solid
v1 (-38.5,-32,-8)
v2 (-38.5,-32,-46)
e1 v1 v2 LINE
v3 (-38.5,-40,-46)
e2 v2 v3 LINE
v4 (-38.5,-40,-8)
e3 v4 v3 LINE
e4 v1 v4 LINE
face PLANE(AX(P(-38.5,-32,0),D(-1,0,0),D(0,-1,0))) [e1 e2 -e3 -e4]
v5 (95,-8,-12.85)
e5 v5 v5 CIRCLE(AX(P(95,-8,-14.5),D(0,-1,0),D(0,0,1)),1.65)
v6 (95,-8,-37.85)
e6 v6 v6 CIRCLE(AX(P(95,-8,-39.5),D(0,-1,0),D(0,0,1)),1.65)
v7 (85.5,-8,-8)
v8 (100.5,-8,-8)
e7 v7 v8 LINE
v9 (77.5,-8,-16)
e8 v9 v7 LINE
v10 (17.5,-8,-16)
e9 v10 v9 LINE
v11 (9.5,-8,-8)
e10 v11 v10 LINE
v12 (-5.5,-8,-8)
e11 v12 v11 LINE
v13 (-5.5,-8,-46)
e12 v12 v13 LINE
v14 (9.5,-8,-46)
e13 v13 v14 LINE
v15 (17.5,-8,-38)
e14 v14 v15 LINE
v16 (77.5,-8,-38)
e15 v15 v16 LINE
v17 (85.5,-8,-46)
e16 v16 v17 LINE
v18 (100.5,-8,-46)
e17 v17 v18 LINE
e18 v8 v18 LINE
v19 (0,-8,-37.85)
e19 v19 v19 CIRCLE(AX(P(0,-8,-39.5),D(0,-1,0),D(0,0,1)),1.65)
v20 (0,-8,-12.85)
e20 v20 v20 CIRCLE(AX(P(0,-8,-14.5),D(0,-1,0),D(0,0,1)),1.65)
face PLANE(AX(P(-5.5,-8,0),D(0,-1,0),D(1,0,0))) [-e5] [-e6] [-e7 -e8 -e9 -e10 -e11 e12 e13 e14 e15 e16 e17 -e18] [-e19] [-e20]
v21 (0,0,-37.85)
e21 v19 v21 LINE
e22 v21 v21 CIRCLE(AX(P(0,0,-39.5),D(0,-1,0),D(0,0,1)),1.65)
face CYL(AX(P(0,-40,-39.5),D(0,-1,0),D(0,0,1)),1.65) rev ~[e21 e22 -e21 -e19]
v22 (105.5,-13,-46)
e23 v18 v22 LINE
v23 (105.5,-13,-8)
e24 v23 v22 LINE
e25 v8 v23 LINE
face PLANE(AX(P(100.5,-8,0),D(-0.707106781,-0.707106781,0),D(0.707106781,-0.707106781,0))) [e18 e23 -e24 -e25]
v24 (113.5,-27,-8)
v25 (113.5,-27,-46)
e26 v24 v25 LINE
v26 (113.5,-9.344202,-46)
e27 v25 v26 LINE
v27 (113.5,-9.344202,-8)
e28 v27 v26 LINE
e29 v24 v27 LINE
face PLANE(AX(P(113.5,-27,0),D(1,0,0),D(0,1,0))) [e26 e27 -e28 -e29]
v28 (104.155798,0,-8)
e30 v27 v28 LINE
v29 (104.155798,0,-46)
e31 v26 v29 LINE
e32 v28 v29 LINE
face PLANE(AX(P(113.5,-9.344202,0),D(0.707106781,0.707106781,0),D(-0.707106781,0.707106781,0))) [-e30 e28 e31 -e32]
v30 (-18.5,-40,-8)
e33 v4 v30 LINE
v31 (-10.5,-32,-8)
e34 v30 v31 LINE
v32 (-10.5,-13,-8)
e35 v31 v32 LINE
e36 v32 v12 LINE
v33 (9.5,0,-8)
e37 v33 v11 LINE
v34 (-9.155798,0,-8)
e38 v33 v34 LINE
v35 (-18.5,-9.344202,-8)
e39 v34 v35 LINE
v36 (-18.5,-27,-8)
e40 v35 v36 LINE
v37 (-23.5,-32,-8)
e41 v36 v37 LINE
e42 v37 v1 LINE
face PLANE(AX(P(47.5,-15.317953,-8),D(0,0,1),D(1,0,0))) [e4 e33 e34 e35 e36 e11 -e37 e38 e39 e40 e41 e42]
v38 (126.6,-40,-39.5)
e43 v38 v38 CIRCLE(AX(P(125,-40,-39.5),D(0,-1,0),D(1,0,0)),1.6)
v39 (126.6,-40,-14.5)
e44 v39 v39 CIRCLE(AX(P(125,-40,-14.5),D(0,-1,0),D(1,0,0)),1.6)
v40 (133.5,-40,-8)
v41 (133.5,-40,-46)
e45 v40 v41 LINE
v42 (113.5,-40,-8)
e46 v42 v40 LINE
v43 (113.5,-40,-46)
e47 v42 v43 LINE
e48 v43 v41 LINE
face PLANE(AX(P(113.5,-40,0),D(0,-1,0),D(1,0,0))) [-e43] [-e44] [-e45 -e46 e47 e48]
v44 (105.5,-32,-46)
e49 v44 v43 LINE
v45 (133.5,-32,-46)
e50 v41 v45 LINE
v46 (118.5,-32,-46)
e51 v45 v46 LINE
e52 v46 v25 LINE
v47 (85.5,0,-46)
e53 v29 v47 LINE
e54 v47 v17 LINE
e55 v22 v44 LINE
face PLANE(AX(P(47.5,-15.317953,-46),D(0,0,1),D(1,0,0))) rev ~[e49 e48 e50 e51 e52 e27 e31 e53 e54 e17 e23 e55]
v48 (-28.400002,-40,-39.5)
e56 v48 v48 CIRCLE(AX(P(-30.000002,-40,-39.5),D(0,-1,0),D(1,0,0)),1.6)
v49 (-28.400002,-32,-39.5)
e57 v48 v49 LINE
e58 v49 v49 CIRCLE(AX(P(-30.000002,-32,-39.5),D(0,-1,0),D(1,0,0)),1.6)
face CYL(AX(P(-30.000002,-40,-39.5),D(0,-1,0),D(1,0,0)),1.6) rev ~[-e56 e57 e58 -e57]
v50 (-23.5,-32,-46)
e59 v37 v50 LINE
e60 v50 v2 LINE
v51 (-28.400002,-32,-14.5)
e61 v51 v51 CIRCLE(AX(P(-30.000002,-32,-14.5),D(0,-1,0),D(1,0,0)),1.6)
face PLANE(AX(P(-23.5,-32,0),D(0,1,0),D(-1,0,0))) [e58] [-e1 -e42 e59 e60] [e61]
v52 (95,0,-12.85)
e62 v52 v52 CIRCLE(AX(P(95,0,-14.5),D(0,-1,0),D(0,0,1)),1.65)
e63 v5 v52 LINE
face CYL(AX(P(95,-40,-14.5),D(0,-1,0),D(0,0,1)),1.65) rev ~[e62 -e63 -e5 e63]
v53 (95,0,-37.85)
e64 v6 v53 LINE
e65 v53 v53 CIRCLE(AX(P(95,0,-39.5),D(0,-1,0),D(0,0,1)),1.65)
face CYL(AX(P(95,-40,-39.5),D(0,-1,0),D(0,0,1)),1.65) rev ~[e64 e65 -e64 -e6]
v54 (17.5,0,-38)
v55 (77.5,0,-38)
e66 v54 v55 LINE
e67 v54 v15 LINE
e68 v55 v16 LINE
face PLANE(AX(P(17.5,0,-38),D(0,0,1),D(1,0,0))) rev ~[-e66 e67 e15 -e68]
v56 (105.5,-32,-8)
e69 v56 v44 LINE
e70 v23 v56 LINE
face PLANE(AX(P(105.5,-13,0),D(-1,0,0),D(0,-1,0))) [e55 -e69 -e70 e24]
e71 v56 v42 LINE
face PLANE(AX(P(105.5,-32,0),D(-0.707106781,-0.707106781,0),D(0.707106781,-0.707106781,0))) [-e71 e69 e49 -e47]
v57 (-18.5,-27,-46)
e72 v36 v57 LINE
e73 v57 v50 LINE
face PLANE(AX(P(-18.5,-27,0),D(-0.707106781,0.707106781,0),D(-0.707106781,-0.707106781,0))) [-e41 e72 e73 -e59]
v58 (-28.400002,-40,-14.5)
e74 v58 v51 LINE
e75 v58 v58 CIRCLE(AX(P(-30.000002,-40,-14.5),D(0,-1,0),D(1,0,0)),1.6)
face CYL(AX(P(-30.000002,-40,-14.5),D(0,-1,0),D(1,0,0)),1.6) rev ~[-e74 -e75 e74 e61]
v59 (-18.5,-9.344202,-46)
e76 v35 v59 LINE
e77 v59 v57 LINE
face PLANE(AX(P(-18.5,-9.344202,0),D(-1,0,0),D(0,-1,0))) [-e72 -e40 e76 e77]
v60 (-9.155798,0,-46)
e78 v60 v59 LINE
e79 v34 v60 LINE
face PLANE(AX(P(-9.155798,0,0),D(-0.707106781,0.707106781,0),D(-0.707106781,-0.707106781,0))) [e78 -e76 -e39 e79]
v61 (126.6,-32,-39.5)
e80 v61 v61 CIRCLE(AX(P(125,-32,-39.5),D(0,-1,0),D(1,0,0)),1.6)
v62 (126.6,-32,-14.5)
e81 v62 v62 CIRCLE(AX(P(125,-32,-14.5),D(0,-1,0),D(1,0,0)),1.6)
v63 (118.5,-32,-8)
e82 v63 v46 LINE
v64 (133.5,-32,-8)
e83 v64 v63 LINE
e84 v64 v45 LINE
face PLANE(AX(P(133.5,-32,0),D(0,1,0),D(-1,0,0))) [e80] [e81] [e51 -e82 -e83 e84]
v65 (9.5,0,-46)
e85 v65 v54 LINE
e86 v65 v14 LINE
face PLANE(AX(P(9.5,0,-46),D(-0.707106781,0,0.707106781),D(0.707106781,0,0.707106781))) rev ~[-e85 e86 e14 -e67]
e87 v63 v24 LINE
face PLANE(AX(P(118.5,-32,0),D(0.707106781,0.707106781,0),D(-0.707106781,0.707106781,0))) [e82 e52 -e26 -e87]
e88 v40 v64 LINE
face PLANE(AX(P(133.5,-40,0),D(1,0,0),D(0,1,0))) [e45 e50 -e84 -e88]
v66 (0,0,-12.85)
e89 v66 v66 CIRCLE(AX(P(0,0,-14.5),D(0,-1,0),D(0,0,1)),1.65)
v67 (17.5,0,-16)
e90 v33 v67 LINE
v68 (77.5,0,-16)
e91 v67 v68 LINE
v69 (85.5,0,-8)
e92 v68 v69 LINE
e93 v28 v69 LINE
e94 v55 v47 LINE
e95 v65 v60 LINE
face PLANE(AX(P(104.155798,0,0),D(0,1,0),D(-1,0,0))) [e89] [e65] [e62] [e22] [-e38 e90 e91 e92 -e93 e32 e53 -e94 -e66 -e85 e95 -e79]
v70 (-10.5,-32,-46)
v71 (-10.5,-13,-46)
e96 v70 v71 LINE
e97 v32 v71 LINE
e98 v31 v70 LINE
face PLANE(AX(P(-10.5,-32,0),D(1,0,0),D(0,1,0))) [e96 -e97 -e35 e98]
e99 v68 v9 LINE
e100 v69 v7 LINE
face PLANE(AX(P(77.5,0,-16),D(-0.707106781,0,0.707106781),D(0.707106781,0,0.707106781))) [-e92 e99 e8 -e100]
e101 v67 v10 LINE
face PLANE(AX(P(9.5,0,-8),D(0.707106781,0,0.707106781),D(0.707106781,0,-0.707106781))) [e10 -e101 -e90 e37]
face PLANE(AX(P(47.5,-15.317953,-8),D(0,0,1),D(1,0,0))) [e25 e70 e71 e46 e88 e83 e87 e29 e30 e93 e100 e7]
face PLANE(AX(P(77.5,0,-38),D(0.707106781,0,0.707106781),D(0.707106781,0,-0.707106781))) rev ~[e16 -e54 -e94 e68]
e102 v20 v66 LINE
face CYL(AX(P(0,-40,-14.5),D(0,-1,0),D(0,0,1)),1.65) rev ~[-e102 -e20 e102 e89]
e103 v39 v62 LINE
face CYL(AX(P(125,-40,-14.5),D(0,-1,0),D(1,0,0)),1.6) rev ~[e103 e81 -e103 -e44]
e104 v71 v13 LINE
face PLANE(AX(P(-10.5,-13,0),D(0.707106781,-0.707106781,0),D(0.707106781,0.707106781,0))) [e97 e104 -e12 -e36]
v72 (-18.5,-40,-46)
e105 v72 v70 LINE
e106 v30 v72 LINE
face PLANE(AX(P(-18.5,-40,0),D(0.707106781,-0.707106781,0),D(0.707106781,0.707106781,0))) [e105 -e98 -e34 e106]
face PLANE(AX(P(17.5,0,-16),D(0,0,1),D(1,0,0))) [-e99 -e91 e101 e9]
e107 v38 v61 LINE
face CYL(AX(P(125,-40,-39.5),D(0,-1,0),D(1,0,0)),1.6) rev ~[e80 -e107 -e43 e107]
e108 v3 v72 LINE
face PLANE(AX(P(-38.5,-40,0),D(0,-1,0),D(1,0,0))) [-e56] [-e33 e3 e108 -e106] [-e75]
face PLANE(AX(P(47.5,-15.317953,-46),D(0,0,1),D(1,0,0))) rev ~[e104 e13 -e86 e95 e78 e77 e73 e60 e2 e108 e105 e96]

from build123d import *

# Parameters (mm, degrees)
EXTRUDE1_DEPTH     = 46
SKETCH2_R          = 1.6
CUT_EXTRUDE1_DEPTH = 5000
EXTRUDE2_DEPTH     = 8
EXTRUDE3_DEPTH     = 8


with BuildPart() as part:
    # Sketch1 → Extrude1 (new body)
    with BuildSketch(Plane.XY):
        Polygon((-38.5, -40), (-18.5, -40), (-10.5, -32), (-10.5, -13), (-5.5, -8), (100.5, -8), (105.5, -13), (105.5, -32), (113.5, -40), (133.5, -40), (133.5, -32), (118.5, -32), (113.5, -27), (113.5, -9.344202483), (104.155797517, 0), (-9.155797517, 0), (-18.5, -9.344202483), (-18.5, -27), (-23.5, -32), (-38.5, -32), align=None)
    extrude(amount=-EXTRUDE1_DEPTH)

    # Sketch2 → Cut-Extrude1 (cut)
    with BuildSketch(Plane.XZ.offset(40)):
        with Locations((-30.000001952, -14.5)):
            Circle(SKETCH2_R)
        with Locations((-30.000001952, -39.5)):
            Circle(SKETCH2_R)
        with Locations((125, -14.5)):
            Circle(SKETCH2_R)
        with Locations((125, -39.5)):
            Circle(SKETCH2_R)
        with BuildLine():
            ThreePointArc((0, -16.15), (1.65, -14.5), (0, -12.85))
            ThreePointArc((0, -12.85), (-1.65, -14.5), (0, -16.15))
        make_face()
        with BuildLine():
            ThreePointArc((0, -41.15), (1.65, -39.5), (0, -37.85))
            ThreePointArc((0, -37.85), (-1.65, -39.5), (0, -41.15))
        make_face()
        with BuildLine():
            ThreePointArc((95, -16.15), (96.65, -14.5), (95, -12.85))
            ThreePointArc((95, -12.85), (93.35, -14.5), (95, -16.15))
        make_face()
        with BuildLine():
            ThreePointArc((95, -41.15), (96.65, -39.5), (95, -37.85))
            ThreePointArc((95, -37.85), (93.35, -39.5), (95, -41.15))
        make_face()
    extrude(amount=-CUT_EXTRUDE1_DEPTH, mode=Mode.SUBTRACT)

    # Sketch3 → Extrude2 (cut)
    with BuildSketch(Plane.XY):
        Polygon((-38.5, -32), (-38.5, -40), (-18.5, -40), (-10.5, -32), (-10.5, -13), (-5.5, -8), (100.5, -8), (105.5, -13), (105.5, -32), (113.5, -40), (133.5, -40), (133.5, -32), (118.5, -32), (113.5, -27), (113.5, -9.344202483), (104.155797517, 0), (-9.155797517, 0), (-18.5, -9.344202483), (-18.5, -27), (-23.5, -32), align=None)
    extrude(amount=-EXTRUDE2_DEPTH, mode=Mode.SUBTRACT)

    # Sketch4 → Extrude3 (cut)
    with BuildSketch(Plane(origin=(0, 0, 0), x_dir=(1, 0, 0), z_dir=(0, 1, 0))):
        Polygon((9.5, 46), (17.5, 38), (77.5, 38), (85.5, 46), align=None)
        Polygon((85.5, 8), (9.5, 8), (17.5, 16), (77.5, 16), align=None)
    extrude(amount=-EXTRUDE3_DEPTH, mode=Mode.SUBTRACT)


solid = part.part
